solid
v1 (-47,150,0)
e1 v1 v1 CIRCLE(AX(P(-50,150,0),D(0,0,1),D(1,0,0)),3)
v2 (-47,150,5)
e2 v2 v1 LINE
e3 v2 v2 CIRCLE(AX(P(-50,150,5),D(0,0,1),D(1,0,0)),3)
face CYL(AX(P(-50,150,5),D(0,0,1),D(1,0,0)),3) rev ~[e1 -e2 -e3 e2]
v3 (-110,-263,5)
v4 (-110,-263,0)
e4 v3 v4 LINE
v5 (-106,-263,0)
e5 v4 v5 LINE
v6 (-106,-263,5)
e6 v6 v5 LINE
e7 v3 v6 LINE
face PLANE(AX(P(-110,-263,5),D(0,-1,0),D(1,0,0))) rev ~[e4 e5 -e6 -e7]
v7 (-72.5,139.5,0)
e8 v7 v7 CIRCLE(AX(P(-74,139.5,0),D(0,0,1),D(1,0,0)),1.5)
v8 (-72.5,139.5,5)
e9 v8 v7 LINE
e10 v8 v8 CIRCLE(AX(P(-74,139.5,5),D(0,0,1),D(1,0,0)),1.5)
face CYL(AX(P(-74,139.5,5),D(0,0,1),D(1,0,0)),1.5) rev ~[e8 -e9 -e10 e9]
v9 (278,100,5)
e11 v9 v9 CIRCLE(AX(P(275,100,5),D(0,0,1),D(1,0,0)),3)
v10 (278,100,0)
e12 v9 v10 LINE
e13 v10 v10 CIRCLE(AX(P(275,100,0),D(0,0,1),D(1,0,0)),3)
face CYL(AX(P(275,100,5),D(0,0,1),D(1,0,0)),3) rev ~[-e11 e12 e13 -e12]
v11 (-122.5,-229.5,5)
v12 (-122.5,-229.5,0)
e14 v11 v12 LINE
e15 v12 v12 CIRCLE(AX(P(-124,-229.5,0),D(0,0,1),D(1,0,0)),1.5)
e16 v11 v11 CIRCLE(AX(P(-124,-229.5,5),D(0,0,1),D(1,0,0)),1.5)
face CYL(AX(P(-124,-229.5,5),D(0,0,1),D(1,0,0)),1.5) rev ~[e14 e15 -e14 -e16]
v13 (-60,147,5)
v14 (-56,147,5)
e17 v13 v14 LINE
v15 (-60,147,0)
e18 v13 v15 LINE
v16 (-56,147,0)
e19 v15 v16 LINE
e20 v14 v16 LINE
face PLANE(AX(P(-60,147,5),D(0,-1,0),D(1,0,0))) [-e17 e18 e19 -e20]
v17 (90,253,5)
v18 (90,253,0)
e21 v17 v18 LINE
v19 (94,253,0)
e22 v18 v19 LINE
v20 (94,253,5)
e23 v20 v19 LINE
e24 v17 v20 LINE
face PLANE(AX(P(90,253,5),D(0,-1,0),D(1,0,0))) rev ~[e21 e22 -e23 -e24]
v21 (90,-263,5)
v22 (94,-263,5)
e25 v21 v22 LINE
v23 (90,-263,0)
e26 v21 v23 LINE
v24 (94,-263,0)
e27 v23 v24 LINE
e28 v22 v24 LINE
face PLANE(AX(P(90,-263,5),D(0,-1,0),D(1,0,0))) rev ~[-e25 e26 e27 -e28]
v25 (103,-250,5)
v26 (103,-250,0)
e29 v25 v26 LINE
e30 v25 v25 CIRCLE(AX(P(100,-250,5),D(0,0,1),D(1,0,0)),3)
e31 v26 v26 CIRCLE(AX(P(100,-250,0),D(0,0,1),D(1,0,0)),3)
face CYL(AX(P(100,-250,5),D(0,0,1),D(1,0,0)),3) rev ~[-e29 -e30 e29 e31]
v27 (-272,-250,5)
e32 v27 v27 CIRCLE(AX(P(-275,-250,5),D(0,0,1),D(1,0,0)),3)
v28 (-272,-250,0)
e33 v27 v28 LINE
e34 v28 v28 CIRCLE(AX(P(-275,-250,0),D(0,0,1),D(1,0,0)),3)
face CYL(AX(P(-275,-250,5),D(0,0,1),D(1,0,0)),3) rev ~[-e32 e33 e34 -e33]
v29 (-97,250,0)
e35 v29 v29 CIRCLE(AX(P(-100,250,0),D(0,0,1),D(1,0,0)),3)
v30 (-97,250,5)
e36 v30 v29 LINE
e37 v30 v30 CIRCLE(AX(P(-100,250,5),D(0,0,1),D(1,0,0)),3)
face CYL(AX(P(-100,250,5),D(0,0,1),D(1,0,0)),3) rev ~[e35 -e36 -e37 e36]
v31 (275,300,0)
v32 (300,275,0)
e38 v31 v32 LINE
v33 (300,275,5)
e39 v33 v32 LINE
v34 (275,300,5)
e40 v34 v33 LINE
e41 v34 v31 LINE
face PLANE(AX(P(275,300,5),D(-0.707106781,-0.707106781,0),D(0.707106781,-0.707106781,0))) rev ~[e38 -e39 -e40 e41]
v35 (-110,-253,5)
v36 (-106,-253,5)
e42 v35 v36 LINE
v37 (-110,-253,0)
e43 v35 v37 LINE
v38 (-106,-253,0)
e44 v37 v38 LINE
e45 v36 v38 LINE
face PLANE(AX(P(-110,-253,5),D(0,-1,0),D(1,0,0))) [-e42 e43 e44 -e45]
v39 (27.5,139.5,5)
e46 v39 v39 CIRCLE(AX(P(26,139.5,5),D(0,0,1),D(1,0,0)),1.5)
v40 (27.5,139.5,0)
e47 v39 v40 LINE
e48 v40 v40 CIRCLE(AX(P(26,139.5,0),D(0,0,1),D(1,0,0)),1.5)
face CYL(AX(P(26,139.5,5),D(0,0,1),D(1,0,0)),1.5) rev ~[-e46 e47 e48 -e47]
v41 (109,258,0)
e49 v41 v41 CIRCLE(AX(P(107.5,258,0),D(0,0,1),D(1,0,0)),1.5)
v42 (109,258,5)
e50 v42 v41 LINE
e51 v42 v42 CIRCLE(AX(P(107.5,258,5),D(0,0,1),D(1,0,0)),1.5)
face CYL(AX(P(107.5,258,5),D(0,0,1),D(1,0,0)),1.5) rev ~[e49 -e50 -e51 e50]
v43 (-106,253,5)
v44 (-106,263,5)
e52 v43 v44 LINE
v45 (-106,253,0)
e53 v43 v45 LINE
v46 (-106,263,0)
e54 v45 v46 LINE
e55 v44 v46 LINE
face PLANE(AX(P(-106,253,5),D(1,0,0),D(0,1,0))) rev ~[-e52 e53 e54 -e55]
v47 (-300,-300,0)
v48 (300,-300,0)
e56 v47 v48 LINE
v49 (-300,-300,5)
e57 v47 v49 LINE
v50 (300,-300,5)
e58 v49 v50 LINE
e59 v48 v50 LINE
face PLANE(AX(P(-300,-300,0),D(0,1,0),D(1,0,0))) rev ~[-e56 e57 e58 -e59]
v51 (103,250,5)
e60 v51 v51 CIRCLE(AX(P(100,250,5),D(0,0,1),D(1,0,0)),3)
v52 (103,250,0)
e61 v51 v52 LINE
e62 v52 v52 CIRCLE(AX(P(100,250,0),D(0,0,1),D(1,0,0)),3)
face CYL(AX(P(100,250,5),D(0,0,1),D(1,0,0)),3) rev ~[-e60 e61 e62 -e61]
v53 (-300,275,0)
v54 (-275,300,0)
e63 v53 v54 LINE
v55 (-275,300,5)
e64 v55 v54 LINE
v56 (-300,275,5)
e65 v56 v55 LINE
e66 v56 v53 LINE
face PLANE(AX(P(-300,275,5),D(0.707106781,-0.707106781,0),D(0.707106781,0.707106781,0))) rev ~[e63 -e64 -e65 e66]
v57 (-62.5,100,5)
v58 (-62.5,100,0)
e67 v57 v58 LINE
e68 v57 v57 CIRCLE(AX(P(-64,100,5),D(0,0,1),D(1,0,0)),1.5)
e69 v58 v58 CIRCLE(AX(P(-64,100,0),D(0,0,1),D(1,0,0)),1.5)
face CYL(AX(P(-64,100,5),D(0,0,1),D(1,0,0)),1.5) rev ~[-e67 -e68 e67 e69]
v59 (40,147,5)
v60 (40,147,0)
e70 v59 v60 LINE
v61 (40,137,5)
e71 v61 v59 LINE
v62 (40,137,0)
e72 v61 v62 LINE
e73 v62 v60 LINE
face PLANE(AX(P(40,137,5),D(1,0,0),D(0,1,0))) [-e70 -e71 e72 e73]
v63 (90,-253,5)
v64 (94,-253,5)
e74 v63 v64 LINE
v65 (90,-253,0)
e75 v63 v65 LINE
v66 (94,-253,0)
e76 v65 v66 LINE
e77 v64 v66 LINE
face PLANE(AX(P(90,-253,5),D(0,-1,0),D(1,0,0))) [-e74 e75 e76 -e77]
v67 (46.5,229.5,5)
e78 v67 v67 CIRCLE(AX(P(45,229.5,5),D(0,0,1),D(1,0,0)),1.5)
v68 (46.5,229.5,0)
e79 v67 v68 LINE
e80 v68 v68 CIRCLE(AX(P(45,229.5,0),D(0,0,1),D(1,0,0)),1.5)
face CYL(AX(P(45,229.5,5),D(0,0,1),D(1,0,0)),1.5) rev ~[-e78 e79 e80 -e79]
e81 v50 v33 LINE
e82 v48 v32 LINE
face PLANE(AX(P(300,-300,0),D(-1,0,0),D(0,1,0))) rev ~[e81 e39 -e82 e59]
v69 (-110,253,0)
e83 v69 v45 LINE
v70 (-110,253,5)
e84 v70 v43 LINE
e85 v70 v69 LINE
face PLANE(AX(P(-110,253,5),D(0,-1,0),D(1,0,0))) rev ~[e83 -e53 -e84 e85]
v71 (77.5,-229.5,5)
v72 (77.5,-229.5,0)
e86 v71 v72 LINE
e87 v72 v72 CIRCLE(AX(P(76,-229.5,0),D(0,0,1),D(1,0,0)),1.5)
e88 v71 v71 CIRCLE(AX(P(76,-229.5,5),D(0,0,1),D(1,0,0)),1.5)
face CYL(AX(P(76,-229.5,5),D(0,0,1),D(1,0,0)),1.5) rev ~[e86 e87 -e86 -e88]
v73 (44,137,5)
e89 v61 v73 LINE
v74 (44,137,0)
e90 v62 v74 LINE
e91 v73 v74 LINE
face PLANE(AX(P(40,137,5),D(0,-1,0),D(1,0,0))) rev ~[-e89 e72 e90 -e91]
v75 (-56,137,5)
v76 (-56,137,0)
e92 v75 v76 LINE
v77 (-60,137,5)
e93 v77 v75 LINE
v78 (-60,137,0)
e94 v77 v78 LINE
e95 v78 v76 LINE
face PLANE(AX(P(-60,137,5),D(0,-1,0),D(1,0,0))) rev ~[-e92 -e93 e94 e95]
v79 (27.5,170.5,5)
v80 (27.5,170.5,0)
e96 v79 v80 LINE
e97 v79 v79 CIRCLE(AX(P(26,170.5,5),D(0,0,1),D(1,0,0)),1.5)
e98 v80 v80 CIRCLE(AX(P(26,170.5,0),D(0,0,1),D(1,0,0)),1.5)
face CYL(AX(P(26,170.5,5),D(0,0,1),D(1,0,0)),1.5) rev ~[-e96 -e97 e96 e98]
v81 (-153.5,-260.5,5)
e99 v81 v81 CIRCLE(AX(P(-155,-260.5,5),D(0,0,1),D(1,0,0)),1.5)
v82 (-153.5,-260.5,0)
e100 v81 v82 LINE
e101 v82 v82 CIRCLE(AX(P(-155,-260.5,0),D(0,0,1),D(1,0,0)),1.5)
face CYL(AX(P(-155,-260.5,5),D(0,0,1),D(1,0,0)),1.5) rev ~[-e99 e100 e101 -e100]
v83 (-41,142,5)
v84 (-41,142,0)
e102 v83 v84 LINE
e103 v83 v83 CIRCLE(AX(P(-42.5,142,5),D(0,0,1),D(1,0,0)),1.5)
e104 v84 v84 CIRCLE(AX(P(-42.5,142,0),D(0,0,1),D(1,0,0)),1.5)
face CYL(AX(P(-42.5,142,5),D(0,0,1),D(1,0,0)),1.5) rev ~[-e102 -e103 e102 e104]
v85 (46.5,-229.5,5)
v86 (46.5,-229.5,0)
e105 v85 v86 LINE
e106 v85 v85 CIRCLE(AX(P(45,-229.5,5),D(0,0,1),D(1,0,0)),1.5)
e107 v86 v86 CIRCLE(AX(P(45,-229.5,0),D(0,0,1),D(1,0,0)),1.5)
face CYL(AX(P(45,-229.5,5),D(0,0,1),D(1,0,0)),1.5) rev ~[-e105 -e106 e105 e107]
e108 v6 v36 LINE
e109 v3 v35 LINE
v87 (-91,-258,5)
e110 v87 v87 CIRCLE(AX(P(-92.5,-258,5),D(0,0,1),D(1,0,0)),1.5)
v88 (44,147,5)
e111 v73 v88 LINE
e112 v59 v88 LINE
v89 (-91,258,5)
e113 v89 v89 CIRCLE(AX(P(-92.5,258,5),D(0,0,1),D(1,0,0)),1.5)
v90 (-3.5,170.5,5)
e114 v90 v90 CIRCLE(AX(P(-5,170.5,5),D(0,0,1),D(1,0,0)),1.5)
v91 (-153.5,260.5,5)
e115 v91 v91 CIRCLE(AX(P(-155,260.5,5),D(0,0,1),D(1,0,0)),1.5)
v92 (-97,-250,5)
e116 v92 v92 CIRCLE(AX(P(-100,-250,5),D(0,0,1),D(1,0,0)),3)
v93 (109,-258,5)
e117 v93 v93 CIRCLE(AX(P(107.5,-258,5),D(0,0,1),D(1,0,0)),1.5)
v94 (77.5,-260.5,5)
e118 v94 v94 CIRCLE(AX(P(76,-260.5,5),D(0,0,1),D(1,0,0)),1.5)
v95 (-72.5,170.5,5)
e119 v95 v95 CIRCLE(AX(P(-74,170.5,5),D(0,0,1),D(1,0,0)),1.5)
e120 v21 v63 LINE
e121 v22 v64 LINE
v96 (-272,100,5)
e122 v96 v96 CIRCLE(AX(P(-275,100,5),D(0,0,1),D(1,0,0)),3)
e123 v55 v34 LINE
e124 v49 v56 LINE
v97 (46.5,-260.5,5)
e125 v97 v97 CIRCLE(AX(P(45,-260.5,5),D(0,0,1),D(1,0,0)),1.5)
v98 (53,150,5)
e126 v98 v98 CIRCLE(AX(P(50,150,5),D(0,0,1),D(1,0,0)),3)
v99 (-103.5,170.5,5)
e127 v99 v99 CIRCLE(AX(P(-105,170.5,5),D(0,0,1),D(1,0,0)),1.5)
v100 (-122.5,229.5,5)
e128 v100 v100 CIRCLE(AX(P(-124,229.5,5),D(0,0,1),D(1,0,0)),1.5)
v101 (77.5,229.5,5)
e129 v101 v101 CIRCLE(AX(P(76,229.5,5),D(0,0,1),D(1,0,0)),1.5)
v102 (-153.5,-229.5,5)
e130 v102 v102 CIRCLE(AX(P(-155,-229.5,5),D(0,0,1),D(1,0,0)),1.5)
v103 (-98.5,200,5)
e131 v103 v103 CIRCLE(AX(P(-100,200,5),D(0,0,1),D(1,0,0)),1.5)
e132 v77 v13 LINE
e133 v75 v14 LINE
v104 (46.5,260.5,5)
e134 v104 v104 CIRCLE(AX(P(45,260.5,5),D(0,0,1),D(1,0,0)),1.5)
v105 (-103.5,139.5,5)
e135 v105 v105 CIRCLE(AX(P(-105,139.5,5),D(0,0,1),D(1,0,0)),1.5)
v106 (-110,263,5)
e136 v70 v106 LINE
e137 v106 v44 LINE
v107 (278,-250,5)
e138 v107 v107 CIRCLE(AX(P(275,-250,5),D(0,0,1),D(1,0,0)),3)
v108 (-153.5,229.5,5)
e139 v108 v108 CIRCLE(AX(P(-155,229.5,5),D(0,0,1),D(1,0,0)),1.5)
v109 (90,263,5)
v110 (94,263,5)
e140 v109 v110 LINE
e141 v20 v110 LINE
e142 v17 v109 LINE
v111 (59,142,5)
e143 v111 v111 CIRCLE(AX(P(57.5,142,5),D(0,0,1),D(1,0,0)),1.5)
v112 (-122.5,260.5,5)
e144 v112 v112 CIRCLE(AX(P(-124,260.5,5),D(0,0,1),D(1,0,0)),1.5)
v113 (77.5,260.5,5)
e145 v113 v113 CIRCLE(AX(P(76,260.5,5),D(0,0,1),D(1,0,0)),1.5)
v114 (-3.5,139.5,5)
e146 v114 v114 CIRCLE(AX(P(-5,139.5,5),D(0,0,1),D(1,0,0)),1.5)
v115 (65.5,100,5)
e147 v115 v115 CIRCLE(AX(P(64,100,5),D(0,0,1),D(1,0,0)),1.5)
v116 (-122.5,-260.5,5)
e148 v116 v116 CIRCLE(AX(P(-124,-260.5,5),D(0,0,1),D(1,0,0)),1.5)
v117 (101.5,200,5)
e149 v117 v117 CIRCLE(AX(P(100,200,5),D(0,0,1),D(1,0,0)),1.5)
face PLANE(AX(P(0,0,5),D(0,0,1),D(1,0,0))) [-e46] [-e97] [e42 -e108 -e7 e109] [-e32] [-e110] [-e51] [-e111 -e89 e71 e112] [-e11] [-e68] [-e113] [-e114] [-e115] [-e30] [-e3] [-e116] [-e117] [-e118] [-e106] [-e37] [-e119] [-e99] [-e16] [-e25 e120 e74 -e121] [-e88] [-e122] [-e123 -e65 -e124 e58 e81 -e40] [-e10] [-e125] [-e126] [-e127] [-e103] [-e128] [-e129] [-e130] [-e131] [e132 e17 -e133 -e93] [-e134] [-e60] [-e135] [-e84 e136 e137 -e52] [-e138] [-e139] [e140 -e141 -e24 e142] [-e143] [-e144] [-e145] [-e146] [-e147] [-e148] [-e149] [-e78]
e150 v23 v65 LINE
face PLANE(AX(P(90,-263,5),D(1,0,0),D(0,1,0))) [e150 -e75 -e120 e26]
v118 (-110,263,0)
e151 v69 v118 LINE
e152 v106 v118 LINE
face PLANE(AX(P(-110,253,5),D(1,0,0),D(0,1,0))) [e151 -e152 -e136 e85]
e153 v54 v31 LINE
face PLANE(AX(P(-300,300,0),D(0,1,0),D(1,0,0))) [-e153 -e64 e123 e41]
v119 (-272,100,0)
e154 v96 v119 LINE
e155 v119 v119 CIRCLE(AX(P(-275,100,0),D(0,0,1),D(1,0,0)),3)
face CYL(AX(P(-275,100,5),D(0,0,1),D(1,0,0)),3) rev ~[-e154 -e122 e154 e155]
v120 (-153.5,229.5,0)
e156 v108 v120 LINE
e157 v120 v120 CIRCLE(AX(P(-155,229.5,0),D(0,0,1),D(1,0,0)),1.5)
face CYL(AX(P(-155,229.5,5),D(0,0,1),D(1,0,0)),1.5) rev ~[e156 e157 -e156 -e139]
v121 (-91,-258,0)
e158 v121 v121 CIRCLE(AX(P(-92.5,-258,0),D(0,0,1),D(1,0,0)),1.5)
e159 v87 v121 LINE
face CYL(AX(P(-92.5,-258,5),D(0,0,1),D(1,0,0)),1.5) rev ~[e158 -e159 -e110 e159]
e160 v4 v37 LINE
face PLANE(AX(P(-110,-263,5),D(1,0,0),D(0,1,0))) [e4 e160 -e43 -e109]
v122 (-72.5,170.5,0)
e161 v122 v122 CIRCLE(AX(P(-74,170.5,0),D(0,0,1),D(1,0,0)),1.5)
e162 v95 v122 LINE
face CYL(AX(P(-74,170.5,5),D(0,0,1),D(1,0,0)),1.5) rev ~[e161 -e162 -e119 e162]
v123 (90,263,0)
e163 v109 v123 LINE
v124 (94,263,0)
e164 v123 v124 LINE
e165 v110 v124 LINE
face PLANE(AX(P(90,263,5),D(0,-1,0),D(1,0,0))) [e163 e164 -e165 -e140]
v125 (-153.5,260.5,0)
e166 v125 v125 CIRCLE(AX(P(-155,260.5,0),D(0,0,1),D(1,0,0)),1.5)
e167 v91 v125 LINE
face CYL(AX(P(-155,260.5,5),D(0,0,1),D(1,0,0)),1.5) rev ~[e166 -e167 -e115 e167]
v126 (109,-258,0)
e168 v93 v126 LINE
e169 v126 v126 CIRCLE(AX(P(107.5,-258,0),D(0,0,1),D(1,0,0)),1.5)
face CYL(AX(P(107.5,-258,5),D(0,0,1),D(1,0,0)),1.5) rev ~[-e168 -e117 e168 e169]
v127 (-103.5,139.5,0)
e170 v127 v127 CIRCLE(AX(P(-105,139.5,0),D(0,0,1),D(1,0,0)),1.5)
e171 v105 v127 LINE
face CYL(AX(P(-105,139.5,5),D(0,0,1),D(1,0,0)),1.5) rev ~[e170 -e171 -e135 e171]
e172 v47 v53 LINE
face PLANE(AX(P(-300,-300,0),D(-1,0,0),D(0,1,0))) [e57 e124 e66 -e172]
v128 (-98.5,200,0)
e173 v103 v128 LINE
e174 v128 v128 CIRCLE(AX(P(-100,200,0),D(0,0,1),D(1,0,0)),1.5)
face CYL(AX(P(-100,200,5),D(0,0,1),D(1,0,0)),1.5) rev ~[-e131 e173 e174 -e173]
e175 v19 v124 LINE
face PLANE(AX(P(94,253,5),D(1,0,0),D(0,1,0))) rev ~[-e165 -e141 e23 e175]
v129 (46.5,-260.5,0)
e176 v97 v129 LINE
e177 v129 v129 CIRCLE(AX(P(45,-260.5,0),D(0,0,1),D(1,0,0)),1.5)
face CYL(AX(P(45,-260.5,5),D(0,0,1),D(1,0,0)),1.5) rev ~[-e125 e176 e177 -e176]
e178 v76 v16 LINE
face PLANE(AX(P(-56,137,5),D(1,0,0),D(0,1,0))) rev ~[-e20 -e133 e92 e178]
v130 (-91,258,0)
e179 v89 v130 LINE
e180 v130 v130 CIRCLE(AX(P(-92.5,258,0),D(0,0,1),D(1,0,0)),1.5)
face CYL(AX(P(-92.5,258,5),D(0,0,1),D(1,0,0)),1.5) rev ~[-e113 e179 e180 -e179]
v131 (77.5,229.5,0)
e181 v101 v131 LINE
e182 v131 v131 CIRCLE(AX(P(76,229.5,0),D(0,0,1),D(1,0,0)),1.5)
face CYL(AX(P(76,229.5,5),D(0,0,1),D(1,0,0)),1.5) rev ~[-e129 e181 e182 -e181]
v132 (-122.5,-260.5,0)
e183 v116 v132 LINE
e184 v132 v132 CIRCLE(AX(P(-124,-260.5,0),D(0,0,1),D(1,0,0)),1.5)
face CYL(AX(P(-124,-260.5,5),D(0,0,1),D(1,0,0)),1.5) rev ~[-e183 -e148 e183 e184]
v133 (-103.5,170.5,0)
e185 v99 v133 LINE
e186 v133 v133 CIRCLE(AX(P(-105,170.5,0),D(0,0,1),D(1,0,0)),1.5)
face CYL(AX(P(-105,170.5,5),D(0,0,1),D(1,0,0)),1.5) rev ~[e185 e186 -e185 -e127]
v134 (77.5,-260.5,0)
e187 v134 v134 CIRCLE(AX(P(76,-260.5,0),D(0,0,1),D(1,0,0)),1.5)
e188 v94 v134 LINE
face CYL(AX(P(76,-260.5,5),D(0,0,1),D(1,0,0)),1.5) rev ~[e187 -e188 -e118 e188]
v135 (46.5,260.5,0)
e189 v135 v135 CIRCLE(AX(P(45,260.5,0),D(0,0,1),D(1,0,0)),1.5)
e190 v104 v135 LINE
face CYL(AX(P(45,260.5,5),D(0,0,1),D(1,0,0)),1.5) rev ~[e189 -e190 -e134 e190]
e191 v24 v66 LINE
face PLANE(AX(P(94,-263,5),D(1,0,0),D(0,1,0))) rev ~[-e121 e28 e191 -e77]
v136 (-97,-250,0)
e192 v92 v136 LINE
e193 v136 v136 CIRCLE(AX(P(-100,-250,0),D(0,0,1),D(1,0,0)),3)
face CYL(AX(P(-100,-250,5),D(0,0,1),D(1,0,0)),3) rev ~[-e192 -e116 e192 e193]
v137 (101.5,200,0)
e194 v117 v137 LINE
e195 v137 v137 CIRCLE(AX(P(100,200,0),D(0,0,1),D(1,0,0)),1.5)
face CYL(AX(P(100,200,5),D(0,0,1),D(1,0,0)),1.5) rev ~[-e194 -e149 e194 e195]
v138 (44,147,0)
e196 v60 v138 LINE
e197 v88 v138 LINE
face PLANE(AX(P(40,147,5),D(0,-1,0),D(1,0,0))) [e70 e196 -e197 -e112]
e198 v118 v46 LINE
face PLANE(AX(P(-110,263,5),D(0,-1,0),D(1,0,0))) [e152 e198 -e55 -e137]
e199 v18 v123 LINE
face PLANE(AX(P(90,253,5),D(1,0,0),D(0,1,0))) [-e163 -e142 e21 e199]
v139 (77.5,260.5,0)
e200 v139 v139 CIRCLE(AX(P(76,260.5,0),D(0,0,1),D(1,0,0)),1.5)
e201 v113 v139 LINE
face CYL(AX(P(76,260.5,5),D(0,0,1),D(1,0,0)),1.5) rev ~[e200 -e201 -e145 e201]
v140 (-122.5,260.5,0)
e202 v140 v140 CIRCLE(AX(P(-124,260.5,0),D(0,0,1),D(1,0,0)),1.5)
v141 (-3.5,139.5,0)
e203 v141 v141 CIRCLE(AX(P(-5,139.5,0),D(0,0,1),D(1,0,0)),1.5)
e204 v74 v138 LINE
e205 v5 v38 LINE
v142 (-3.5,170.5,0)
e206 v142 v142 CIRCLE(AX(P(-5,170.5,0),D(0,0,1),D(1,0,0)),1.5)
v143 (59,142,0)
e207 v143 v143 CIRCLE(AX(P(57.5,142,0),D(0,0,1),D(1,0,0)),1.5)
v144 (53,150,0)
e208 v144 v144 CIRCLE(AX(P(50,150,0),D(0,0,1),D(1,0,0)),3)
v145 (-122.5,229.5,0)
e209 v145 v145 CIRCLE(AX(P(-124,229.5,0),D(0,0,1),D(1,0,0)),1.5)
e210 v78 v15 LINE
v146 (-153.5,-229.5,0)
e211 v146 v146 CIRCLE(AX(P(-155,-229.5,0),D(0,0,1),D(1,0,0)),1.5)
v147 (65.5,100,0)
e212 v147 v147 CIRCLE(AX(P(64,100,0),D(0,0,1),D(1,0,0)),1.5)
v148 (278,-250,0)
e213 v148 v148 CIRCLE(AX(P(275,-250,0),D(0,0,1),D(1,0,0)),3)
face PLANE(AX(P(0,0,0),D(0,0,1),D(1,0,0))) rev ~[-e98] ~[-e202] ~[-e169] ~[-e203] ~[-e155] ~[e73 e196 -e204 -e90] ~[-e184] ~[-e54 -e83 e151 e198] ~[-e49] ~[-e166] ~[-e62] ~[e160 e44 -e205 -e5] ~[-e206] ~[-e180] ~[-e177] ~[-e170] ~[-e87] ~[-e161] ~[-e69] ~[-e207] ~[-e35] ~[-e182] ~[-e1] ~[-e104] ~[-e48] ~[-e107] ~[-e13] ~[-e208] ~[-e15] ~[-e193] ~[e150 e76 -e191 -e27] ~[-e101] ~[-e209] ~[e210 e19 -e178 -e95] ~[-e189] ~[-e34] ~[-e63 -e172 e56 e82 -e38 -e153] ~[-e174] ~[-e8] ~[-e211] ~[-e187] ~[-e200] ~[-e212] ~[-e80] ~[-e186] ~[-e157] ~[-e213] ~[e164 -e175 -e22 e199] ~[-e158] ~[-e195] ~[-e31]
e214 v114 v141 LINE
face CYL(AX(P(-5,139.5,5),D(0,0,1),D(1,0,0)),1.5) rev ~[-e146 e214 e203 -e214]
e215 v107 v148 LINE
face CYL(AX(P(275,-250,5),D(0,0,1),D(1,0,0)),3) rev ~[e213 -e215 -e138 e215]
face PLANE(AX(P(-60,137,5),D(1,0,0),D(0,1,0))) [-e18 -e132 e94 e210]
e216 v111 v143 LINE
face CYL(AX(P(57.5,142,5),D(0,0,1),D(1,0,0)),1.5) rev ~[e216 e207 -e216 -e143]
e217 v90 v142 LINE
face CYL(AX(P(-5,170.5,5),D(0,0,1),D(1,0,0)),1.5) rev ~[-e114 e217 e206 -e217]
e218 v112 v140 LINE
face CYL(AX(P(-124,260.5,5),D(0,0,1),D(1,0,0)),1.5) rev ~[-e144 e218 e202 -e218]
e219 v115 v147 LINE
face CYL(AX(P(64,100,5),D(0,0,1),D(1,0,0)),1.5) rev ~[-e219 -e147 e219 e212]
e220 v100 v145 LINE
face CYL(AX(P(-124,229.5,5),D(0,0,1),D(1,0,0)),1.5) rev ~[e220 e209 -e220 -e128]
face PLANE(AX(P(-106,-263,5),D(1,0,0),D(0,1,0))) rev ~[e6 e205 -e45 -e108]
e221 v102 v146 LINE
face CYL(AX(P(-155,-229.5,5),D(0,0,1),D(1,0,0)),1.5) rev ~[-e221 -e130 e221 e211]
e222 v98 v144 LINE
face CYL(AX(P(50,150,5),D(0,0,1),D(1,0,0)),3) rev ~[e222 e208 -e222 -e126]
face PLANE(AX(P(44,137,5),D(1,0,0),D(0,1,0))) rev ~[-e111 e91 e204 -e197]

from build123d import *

# Parameters (mm, degrees)
F0_W     = 600
F0_H     = 600
F1_DEPTH = 5
F2_R     = 1.5
F2_R_2   = 3
F2_W     = 4
F2_H     = 10
F3_DEPTH = 5.001


with BuildPart() as f1:
    # F0 (on Top) → F1 (new body)
    with BuildSketch(Plane.XY):
        Rectangle(F0_W, F0_H)
    extrude(amount=F1_DEPTH)

    # F2 (on face) → F3 (cut, through all)
    with BuildSketch(Plane.XY.offset(5)):
        with Locations((-155, -229.5)):
            Circle(F2_R)
        with Locations((-155, -260.5)):
            Circle(F2_R)
        with Locations((-124, -229.5)):
            Circle(F2_R)
        with Locations((-124, -260.5)):
            Circle(F2_R)
        with Locations((-100, -250)):
            Circle(F2_R_2)
        with Locations((-108, -258)):
            Rectangle(F2_W, F2_H)
        with Locations((-92.5, -258)):
            Circle(F2_R)
        with Locations((45, -229.5)):
            Circle(F2_R)
        with Locations((45, -260.5)):
            Circle(F2_R)
        with Locations((76, -229.5)):
            Circle(F2_R)
        with Locations((76, -260.5)):
            Circle(F2_R)
        with Locations((100, -250)):
            Circle(F2_R_2)
        with Locations((92, -258)):
            Rectangle(F2_W, F2_H)
        with Locations((107.5, -258)):
            Circle(F2_R)
        with Locations((92, 258)):
            Rectangle(F2_W, F2_H)
        with Locations((-108, 258)):
            Rectangle(F2_W, F2_H)
        with Locations((100, 250)):
            Circle(F2_R_2)
        with Locations((76, 229.5)):
            Circle(F2_R)
        with Locations((76, 260.5)):
            Circle(F2_R)
        with Locations((-124, 260.5)):
            Circle(F2_R)
        with Locations((-124, 229.5)):
            Circle(F2_R)
        with Locations((-100, 250)):
            Circle(F2_R_2)
        with Locations((107.5, 258)):
            Circle(F2_R)
        with Locations((-92.5, 258)):
            Circle(F2_R)
        with Locations((-155, 229.5)):
            Circle(F2_R)
        with Locations((45, 229.5)):
            Circle(F2_R)
        with Locations((45, 260.5)):
            Circle(F2_R)
        with Locations((-155, 260.5)):
            Circle(F2_R)
        with Locations((-100, 200)):
            Circle(F2_R)
        with Locations((100, 200)):
            Circle(F2_R)
        with Locations((-105, 170.5)):
            Circle(F2_R)
        with Locations((-105, 139.5)):
            Circle(F2_R)
        with Locations((-74, 170.5)):
            Circle(F2_R)
        with Locations((-74, 139.5)):
            Circle(F2_R)
        with Locations((-50, 150)):
            Circle(F2_R_2)
        with Locations((-58, 142)):
            Rectangle(F2_W, F2_H)
        with Locations((-42.5, 142)):
            Circle(F2_R)
        with Locations((-5, 170.5)):
            Circle(F2_R)
        with Locations((-5, 139.5)):
            Circle(F2_R)
        with Locations((26, 170.5)):
            Circle(F2_R)
        with Locations((26, 139.5)):
            Circle(F2_R)
        with Locations((50, 150)):
            Circle(F2_R_2)
        with Locations((42, 142)):
            Rectangle(F2_W, F2_H)
        with Locations((57.5, 142)):
            Circle(F2_R)
        with Locations((-64, 100)):
            Circle(F2_R)
        with Locations((64, 100)):
            Circle(F2_R)
        with Locations((-275, -250)):
            Circle(F2_R_2)
        with Locations((-275, 100)):
            Circle(F2_R_2)
        with Locations((275, 100)):
            Circle(F2_R_2)
        with Locations((275, -250)):
            Circle(F2_R_2)
        Polygon((-300, 275), (-275, 300), (-300, 300), align=None)
        Polygon((300, 300), (275, 300), (300, 275), align=None)
    extrude(amount=-F3_DEPTH, mode=Mode.SUBTRACT)


solid = f1.part
